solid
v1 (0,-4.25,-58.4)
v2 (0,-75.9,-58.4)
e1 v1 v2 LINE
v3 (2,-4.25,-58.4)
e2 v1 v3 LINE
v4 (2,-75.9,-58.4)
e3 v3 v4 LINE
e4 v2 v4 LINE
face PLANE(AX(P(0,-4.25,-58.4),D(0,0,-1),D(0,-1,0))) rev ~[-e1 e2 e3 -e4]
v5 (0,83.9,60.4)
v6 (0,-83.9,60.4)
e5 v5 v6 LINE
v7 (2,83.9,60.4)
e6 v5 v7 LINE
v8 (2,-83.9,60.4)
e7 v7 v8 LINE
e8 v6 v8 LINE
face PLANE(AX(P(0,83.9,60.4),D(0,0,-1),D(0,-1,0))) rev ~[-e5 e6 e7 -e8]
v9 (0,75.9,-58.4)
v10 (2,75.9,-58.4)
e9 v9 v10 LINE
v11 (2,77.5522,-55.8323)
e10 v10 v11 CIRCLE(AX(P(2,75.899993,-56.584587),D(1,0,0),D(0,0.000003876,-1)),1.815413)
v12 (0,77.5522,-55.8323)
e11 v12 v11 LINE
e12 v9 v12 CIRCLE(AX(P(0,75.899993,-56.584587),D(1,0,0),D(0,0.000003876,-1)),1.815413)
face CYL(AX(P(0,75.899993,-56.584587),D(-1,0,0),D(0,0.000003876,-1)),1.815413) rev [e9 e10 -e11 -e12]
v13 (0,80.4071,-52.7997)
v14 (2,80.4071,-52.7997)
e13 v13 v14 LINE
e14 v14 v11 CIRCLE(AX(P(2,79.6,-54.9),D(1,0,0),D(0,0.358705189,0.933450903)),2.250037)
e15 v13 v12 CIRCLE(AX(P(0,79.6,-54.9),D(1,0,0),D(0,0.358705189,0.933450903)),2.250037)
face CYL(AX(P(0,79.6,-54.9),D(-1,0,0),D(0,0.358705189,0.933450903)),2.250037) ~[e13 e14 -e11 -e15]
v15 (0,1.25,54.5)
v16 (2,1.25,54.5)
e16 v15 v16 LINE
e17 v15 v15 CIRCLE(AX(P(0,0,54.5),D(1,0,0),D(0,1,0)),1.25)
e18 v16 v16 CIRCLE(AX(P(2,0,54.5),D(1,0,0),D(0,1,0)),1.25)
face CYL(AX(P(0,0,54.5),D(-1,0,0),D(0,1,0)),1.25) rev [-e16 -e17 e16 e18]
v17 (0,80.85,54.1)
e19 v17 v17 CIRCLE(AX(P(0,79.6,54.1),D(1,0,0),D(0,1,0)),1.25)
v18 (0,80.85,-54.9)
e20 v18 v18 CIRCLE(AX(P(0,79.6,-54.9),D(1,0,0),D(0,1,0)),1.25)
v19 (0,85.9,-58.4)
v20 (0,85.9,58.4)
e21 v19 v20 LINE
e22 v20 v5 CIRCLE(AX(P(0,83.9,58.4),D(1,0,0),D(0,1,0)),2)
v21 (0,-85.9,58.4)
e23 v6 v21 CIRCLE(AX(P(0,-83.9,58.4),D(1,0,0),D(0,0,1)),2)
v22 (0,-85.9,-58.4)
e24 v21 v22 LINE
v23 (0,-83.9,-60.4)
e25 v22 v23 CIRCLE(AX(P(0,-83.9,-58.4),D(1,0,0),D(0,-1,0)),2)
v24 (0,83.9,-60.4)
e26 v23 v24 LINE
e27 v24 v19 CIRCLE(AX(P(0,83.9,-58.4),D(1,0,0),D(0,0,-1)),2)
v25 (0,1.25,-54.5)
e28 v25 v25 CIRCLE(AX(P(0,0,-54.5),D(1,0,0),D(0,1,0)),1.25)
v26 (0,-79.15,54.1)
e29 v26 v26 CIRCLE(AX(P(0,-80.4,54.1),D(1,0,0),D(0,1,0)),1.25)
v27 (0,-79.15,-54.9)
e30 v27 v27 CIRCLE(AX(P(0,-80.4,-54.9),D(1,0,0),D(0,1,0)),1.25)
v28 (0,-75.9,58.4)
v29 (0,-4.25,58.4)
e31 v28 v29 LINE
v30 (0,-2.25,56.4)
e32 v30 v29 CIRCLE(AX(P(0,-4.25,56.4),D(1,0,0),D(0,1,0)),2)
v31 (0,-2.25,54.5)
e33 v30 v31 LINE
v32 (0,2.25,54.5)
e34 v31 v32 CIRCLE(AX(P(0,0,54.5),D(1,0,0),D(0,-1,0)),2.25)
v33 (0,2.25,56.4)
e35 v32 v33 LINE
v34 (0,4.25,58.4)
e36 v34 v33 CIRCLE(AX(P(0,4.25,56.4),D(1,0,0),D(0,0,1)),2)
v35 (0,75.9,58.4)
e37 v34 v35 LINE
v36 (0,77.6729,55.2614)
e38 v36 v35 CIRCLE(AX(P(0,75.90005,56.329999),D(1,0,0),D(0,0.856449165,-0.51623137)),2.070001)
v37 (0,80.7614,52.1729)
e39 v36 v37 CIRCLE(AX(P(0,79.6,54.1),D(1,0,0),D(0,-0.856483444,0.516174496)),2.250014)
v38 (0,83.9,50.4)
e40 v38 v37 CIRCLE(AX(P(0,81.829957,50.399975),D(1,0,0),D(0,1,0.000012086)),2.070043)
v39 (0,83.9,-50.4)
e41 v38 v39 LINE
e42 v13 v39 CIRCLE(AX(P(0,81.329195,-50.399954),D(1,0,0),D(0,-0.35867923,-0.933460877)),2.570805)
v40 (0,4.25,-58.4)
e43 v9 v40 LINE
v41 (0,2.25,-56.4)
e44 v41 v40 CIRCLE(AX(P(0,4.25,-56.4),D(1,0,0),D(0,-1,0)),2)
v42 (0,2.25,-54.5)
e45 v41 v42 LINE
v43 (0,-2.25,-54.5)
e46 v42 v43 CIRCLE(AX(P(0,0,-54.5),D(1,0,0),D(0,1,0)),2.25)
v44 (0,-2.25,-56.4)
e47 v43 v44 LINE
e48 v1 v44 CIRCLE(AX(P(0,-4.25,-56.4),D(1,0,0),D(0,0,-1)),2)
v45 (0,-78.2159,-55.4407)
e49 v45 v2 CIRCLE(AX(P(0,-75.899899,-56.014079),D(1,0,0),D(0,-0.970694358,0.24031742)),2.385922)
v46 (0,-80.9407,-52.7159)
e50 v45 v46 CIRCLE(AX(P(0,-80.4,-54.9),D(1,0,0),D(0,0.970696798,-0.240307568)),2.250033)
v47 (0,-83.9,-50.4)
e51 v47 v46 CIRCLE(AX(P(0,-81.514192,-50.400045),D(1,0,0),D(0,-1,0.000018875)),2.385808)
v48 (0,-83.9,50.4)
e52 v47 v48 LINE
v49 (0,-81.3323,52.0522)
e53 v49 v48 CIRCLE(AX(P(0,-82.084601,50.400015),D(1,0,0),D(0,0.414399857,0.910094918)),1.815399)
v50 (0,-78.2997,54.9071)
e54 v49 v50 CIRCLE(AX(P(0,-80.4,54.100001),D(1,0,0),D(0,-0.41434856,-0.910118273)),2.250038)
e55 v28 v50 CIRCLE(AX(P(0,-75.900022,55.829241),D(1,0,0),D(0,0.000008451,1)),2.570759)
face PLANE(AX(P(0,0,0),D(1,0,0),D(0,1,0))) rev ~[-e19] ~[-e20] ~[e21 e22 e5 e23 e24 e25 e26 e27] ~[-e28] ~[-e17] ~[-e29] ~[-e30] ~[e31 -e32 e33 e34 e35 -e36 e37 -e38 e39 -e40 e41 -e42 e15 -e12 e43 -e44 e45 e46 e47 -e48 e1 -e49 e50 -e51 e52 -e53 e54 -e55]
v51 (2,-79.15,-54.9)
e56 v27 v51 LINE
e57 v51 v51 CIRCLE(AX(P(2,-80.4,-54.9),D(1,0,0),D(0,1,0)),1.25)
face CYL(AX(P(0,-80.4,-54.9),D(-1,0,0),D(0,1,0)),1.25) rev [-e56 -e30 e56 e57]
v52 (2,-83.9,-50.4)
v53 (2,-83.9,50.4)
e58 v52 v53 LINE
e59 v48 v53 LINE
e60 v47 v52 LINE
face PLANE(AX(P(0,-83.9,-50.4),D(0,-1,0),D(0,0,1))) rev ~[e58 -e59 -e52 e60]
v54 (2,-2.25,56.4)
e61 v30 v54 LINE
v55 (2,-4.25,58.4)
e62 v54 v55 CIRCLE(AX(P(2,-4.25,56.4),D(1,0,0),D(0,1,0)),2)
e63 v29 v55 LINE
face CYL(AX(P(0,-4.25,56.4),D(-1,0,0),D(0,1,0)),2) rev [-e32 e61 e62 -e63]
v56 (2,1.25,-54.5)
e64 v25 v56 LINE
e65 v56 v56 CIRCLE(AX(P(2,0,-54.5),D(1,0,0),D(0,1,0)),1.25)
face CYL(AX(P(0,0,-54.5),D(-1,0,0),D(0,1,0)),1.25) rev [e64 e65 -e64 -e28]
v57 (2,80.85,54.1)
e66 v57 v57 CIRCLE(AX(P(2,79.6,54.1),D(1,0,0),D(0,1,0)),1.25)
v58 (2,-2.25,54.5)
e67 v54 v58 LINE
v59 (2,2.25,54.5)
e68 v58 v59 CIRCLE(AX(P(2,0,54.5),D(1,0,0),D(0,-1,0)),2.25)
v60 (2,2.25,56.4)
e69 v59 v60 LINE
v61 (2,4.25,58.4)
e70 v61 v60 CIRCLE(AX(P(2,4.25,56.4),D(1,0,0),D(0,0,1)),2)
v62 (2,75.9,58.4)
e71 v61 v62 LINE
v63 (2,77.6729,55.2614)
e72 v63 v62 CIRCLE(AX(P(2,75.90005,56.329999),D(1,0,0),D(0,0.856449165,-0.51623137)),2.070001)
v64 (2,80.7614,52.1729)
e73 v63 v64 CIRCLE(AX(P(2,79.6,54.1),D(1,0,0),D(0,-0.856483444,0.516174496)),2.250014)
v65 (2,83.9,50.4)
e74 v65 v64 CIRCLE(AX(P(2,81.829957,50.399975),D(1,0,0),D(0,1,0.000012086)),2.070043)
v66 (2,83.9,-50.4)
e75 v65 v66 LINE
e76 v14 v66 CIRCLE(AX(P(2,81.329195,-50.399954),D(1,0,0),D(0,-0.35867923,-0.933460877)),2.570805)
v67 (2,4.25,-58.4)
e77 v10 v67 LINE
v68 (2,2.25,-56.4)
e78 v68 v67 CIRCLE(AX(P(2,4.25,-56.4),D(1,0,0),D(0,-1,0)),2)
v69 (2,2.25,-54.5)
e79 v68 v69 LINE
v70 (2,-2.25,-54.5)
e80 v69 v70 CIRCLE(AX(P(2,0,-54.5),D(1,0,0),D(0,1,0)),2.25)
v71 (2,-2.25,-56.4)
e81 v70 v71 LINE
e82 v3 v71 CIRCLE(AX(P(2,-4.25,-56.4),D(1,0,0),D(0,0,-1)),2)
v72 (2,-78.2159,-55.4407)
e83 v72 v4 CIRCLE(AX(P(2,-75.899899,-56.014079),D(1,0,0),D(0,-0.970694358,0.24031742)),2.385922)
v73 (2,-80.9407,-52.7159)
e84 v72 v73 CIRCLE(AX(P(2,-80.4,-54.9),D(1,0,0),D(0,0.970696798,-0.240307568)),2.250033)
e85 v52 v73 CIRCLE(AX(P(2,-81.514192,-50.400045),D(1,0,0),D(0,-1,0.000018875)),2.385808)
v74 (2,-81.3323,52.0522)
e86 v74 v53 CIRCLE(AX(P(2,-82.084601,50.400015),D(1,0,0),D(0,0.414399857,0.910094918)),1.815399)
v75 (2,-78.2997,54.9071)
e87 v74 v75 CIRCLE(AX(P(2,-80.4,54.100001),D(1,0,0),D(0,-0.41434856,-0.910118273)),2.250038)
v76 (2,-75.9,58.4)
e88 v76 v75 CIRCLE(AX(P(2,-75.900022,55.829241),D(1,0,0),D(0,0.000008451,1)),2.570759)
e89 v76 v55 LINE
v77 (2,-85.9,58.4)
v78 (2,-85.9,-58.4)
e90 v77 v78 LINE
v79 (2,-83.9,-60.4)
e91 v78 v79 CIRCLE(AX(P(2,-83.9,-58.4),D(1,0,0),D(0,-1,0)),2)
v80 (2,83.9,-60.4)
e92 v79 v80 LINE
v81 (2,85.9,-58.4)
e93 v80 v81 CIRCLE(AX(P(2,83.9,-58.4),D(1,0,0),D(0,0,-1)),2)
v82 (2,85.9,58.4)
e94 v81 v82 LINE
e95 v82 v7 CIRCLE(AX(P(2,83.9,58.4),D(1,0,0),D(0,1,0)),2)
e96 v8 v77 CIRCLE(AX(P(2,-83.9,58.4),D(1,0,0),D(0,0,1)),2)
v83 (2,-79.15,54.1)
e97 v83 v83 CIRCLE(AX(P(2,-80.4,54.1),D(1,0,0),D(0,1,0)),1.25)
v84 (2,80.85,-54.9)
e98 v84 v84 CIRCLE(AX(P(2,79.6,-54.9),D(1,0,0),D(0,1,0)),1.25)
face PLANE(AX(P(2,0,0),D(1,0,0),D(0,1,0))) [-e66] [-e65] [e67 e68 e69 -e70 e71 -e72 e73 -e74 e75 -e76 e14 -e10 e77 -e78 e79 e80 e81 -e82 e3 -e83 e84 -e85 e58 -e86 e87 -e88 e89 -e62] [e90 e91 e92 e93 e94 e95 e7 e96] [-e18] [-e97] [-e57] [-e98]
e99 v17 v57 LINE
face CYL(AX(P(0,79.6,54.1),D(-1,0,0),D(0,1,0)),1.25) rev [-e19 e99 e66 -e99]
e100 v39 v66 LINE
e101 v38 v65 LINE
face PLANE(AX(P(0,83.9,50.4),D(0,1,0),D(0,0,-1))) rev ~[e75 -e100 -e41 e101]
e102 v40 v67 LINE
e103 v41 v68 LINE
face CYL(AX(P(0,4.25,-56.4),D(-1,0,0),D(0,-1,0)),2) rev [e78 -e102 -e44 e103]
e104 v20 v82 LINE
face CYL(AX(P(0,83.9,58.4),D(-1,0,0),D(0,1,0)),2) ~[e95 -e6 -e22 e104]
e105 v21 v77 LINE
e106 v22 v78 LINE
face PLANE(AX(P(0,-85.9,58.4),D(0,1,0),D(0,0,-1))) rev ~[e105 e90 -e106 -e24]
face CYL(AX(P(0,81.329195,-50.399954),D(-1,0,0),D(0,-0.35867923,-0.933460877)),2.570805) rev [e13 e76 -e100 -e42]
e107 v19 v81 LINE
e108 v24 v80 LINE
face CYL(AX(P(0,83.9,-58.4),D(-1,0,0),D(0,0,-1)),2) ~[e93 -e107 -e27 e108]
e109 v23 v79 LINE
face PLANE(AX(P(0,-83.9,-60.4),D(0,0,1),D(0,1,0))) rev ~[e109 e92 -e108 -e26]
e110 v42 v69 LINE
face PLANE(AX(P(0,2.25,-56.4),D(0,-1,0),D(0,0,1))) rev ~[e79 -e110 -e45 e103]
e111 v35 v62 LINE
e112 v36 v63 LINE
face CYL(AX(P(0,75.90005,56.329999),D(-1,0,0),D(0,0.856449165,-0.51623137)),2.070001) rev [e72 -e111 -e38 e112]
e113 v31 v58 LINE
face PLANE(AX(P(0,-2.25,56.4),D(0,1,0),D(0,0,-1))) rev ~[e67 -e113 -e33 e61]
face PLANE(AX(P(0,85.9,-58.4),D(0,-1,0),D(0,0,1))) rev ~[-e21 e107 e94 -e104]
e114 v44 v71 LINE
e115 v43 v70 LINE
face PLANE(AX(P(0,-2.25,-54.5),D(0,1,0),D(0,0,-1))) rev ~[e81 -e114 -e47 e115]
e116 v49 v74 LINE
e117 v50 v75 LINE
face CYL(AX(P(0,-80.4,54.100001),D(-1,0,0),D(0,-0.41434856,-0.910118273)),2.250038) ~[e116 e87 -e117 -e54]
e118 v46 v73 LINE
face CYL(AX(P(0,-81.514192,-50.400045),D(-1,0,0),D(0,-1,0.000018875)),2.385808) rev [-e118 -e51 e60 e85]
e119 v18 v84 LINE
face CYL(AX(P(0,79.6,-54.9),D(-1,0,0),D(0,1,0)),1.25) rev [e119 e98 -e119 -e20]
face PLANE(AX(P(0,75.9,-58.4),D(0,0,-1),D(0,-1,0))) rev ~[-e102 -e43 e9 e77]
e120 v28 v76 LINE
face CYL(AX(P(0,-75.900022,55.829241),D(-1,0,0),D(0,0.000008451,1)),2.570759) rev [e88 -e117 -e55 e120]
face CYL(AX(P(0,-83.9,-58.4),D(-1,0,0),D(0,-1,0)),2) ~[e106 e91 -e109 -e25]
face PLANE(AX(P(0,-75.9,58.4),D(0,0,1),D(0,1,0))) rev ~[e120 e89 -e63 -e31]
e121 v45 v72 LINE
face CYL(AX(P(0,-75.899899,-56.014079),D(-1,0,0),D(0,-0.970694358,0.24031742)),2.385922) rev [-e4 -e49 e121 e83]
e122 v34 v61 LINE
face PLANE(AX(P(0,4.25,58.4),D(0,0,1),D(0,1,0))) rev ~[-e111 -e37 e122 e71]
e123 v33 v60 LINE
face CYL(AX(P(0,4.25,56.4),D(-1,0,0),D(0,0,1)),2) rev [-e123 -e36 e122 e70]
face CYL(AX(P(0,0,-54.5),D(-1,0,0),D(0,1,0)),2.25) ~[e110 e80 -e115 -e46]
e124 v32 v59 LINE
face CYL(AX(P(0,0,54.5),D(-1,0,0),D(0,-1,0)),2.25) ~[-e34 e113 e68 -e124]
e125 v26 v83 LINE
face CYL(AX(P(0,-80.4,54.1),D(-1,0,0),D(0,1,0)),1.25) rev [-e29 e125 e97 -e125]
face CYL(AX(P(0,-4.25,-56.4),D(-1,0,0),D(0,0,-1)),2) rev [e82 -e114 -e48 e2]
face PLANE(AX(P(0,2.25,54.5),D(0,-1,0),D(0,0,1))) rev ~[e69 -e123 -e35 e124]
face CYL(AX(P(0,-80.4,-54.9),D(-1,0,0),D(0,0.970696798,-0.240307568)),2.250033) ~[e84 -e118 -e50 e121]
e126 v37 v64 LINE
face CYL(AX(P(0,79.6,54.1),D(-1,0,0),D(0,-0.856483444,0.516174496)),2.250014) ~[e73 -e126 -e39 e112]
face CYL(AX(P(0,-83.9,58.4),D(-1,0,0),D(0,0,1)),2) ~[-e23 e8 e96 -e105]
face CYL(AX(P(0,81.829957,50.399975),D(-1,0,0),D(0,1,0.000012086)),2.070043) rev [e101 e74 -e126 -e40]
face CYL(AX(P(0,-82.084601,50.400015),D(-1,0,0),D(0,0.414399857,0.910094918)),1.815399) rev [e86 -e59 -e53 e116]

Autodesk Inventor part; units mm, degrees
ref_plane "YZ Plane" through (0, 0, 0) normal (1, 0, 0) x (0, 1, 0)
ref_plane "XZ Plane" through (0, 0, 0) normal (0, 1, 0) x (-1, 0, 0)
ref_plane "XY Plane" through (0, 0, 0) normal (0, 0, 1) x (1, 0, 0)
sketch "Sketch1" plane through (0, 0, 0) normal (1, 0, 0) x (0, 1, 0)
  line L0 (-4.25, -58.4) -> (-75.9, -58.4)
  arc A0 (-78.2159, -55.4407) -> (-75.9, -58.4) centre (-75.9, -56.0141) ccw
  arc A1 (-78.2159, -55.4407) -> (-80.9407, -52.7159) centre (-80.4, -54.9) ccw
  arc A2 (-83.9, -50.4) -> (-80.9407, -52.7159) centre (-81.5141, -50.4) ccw
  line L1 (-83.9, -50.4) -> (-83.9, 50.4)
  arc A3 (-81.3323, 52.0522) -> (-83.9, 50.4) centre (-82.0846, 50.4) ccw
  arc A4 (-81.3323, 52.0522) -> (-78.2997, 54.9071) centre (-80.4, 54.1) ccw
  arc A5 (-75.9, 58.4) -> (-78.2997, 54.9071) centre (-75.9, 55.8292) ccw
  line L2 (-75.9, 58.4) -> (-4.25, 58.4)
  arc A6 (-2.25, 56.4) -> (-4.25, 58.4) centre (-4.25, 56.4) ccw
  line L3 (-2.25, 56.4) -> (-2.25, 54.5)
  arc A7 (-2.25, 54.5) -> (2.25, 54.5) centre (0, 54.5) ccw
  line L4 (2.25, 54.5) -> (2.25, 56.4)
  arc A8 (4.25, 58.4) -> (2.25, 56.4) centre (4.25, 56.4) ccw
  line L5 (4.25, 58.4) -> (75.9, 58.4)
  arc A9 (77.6729, 55.2614) -> (75.9, 58.4) centre (75.9, 56.33) ccw
  arc A10 (77.6729, 55.2614) -> (80.7614, 52.1729) centre (79.6, 54.1) ccw
  arc A11 (83.9, 50.4) -> (80.7614, 52.1729) centre (81.83, 50.4) ccw
  line L6 (83.9, 50.4) -> (83.9, -50.4)
  arc A12 (80.4071, -52.7997) -> (83.9, -50.4) centre (81.3292, -50.4) ccw
  arc A13 (80.4071, -52.7997) -> (77.5522, -55.8323) centre (79.6, -54.9) ccw
  arc A14 (75.9, -58.4) -> (77.5522, -55.8323) centre (75.9, -56.5846) ccw
  line L7 (75.9, -58.4) -> (4.25, -58.4)
  arc A15 (2.25, -56.4) -> (4.25, -58.4) centre (4.25, -56.4) ccw
  line L8 (2.25, -56.4) -> (2.25, -54.5)
  arc A16 (2.25, -54.5) -> (-2.25, -54.5) centre (0, -54.5) ccw
  line L9 (-2.25, -54.5) -> (-2.25, -56.4)
  arc A17 (-4.25, -58.4) -> (-2.25, -56.4) centre (-4.25, -56.4) ccw
  circle A18 centre (-80.4, -54.9) radius 1.25
  circle A19 centre (-80.4, 54.1) radius 1.25
  circle A20 centre (0, -54.5) radius 1.25
  circle A21 centre (79.6, -54.9) radius 1.25
  circle A22 centre (0, 54.5) radius 1.25
  circle A23 centre (79.6, 54.1) radius 1.25
  arc A24 (-85.9, -58.4) -> (-83.9, -60.4) centre (-83.9, -58.4) ccw
  line L10 (-83.9, -60.4) -> (83.9, -60.4)
  arc A25 (83.9, -60.4) -> (85.9, -58.4) centre (83.9, -58.4) ccw
  line L11 (85.9, -58.4) -> (85.9, 58.4)
  arc A26 (85.9, 58.4) -> (83.9, 60.4) centre (83.9, 58.4) ccw
  line L12 (83.9, 60.4) -> (-83.9, 60.4)
  arc A27 (-83.9, 60.4) -> (-85.9, 58.4) centre (-83.9, 58.4) ccw
  line L13 (-85.9, 58.4) -> (-85.9, -58.4)
  point P0 (0, 0)
  point P1 (0, 0)
extrude "Extrusion1" add sketch "Sketch1" along normal blind 2
properties part number "gasket"
